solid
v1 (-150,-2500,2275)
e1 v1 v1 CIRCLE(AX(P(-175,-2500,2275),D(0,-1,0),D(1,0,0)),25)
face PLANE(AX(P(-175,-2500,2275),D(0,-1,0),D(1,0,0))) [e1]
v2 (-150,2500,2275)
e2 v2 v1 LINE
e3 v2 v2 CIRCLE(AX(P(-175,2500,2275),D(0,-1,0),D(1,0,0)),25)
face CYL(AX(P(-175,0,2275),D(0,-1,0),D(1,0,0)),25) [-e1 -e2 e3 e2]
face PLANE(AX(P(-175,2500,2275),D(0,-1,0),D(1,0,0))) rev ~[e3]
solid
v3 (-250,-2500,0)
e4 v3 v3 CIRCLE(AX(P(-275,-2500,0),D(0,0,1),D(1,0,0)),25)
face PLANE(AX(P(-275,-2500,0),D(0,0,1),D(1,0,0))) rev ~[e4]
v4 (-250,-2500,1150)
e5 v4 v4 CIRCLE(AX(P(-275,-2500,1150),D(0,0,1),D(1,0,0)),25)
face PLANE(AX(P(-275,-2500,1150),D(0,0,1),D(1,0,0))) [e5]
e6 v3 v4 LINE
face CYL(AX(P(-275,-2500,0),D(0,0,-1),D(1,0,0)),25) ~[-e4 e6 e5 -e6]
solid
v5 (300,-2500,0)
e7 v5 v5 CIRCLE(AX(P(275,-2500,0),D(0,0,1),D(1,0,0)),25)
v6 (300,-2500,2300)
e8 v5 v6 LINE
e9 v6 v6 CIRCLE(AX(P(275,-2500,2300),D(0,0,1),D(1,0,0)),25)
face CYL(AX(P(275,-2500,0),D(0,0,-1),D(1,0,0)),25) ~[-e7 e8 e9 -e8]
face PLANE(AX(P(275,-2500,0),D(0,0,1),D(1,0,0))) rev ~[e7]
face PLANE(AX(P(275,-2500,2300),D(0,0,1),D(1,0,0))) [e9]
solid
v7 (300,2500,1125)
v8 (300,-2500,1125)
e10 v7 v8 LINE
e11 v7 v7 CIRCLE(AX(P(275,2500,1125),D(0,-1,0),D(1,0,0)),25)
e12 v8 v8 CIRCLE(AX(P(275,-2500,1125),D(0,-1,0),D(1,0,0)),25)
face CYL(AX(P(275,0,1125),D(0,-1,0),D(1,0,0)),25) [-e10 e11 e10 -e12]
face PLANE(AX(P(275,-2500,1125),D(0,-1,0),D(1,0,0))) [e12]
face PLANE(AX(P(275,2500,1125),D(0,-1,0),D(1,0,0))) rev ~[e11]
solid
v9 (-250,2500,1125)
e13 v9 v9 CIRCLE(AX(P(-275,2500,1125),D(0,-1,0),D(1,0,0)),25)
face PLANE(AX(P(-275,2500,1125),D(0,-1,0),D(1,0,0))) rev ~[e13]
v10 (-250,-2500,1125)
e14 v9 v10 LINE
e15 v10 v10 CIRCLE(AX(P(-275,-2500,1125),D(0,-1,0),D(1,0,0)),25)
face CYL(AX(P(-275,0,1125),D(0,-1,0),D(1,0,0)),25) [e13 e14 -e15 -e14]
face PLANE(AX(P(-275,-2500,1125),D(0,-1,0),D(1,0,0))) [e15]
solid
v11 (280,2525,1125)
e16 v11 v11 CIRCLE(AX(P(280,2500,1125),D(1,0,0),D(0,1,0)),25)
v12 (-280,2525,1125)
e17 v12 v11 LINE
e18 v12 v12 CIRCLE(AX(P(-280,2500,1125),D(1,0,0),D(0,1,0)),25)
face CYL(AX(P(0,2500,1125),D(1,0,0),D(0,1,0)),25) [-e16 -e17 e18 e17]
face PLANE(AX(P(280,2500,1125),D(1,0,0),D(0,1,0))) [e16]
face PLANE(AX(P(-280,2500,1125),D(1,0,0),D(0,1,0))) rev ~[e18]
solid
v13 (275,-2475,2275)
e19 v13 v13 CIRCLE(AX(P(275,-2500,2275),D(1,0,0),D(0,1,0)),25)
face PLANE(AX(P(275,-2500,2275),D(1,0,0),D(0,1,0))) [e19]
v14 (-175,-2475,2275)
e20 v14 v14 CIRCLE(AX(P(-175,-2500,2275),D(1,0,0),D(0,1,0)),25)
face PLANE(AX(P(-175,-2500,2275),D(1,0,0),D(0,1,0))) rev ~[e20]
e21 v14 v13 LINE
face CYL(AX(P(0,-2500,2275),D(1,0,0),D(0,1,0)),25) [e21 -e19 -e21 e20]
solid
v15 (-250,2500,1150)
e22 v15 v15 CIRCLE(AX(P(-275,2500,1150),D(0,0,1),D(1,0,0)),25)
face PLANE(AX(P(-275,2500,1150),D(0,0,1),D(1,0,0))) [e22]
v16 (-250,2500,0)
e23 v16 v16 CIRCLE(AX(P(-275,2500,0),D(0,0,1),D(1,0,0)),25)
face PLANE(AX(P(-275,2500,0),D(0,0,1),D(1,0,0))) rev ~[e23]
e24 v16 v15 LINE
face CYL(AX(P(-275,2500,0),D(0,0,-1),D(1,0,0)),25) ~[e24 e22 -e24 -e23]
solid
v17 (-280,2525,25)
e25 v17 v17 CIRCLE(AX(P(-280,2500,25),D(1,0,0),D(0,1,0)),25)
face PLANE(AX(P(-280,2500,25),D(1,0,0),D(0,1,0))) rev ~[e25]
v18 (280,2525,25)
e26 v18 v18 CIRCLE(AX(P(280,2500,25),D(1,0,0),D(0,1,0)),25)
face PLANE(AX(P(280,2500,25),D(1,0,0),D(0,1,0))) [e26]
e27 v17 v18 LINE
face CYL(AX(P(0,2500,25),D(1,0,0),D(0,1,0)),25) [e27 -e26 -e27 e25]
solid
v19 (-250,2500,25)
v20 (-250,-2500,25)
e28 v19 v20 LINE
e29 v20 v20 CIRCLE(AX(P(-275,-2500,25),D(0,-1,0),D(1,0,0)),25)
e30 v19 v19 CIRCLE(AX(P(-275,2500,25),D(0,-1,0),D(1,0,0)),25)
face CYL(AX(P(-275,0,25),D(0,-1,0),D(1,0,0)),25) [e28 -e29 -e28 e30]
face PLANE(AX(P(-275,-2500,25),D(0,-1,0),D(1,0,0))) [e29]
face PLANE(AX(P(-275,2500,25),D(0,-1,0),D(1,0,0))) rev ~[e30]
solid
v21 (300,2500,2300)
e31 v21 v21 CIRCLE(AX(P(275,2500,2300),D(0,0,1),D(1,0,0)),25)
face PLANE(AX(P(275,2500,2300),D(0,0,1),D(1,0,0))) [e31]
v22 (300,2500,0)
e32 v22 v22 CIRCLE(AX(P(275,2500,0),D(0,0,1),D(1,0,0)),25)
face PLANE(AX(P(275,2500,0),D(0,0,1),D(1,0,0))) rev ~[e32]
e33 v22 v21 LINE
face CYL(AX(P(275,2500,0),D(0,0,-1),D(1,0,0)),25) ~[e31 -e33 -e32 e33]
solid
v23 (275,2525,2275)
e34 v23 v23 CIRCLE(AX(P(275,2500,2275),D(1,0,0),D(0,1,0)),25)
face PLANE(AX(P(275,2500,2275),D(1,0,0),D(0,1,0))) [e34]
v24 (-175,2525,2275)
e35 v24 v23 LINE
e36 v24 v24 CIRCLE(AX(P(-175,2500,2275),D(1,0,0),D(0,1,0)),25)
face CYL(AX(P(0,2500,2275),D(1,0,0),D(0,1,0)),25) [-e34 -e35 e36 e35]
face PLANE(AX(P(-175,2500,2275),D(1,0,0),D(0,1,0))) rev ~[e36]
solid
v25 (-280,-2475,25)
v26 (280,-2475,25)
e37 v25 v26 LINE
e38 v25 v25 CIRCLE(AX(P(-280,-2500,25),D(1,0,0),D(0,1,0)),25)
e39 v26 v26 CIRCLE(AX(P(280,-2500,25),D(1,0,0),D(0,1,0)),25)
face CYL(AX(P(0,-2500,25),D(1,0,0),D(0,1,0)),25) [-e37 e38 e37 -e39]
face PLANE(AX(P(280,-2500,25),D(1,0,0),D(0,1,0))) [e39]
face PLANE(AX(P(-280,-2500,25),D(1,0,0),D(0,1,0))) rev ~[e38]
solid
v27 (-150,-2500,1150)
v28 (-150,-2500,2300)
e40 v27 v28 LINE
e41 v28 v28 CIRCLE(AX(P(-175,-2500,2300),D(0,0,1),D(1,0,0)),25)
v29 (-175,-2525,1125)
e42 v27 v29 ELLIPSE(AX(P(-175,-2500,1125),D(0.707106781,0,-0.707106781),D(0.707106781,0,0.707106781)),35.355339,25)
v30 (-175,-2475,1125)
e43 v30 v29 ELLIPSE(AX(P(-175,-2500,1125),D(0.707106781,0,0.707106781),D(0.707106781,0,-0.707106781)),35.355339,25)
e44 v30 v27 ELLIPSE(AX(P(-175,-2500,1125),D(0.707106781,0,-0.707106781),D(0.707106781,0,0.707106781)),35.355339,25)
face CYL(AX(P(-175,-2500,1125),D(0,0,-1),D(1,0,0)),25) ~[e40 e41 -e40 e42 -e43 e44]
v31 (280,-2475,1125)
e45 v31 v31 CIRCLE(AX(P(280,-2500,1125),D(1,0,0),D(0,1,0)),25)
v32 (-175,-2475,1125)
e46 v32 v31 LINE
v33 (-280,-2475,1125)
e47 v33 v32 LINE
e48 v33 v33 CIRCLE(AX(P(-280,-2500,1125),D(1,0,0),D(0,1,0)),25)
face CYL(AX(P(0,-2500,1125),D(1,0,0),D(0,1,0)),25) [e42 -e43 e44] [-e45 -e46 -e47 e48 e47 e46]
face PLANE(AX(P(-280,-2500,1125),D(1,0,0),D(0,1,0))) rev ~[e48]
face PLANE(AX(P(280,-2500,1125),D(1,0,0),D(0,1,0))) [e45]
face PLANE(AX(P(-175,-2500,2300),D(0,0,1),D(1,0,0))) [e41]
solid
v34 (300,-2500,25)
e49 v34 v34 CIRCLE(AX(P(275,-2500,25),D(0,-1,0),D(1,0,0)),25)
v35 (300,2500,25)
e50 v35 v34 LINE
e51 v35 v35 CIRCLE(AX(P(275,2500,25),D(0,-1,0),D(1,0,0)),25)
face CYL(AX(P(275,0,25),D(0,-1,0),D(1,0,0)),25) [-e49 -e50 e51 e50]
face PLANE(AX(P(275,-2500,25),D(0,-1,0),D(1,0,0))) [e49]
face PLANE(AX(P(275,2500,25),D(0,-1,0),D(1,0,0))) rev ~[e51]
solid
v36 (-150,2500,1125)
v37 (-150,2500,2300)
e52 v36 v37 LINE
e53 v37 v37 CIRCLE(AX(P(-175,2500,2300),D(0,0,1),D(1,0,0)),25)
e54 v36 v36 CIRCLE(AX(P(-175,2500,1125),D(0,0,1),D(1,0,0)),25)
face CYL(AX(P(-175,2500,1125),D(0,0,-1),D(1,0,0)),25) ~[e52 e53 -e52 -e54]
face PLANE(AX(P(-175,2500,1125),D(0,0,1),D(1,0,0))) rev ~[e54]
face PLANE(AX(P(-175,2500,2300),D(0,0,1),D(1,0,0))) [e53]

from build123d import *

# Parameters (mm, degrees)
F1_R           = 25
F2_DEPTH       = 2300
F3_R           = 25
F4_DEPTH       = 1150
F5_R           = 25
F6_DEPTH       = 2500
F6_DEPTH_BACK  = 2500
F7_R           = 25
F8_DEPTH       = 280
F8_DEPTH_BACK  = 280
F10_R          = 25
F11_DEPTH      = 1175
F12_R          = 25
F13_DEPTH      = 275
F13_DEPTH_BACK = 175


with BuildPart() as f2:
    # F1 (on Top) → F2 (new body)
    with BuildSketch(Plane.XY):
        with Locations((275, 2500)):
            Circle(F1_R)
    extrude(amount=F2_DEPTH)


with BuildPart() as f2b:
    # F1 (on Top) → F2, piece 2 (new body)
    with BuildSketch(Plane.XY):
        with Locations((275, -2500)):
            Circle(F1_R)
    extrude(amount=F2_DEPTH)


with BuildPart() as f4:
    # F3 (on Top) → F4 (new body)
    with BuildSketch(Plane.XY):
        with Locations((-275, -2500)):
            Circle(F3_R)
    extrude(amount=F4_DEPTH)


with BuildPart() as f4b:
    # F3 (on Top) → F4, piece 2 (new body)
    with BuildSketch(Plane.XY):
        with Locations((-275, 2500)):
            Circle(F3_R)
    extrude(amount=F4_DEPTH)


with BuildPart() as f6:
    # F5 (on Front) → F6 (new body, two sides)
    with BuildSketch(Plane.XZ) as f6_sk:
        with Locations((275, 25)):
            Circle(F5_R)
    extrude(amount=F6_DEPTH)
    extrude(f6_sk.sketch, amount=-F6_DEPTH_BACK)


with BuildPart() as f6b:
    # F5 (on Front) → F6, piece 2 (new body, two sides)
    with BuildSketch(Plane.XZ) as f6_2_sk:
        with Locations((275, 1125)):
            Circle(F5_R)
    extrude(amount=F6_DEPTH)
    extrude(f6_2_sk.sketch, amount=-F6_DEPTH_BACK)


with BuildPart() as f6c:
    # F5 (on Front) → F6, piece 3 (new body, two sides)
    with BuildSketch(Plane.XZ) as f6_3_sk:
        with Locations((-275, 1125)):
            Circle(F5_R)
    extrude(amount=F6_DEPTH)
    extrude(f6_3_sk.sketch, amount=-F6_DEPTH_BACK)


with BuildPart() as f6d:
    # F5 (on Front) → F6, piece 4 (new body, two sides)
    with BuildSketch(Plane.XZ) as f6_4_sk:
        with Locations((-275, 25)):
            Circle(F5_R)
    extrude(amount=F6_DEPTH)
    extrude(f6_4_sk.sketch, amount=-F6_DEPTH_BACK)


with BuildPart() as f6e:
    # F5 (on Front) → F6, piece 5 (new body, two sides)
    with BuildSketch(Plane.XZ) as f6_5_sk:
        with Locations((-175, 2275)):
            Circle(F5_R)
    extrude(amount=F6_DEPTH)
    extrude(f6_5_sk.sketch, amount=-F6_DEPTH_BACK)


with BuildPart() as f8:
    # F7 (on face) → F8 (new body, two sides)
    with BuildSketch(Plane.YZ) as f8_sk:
        with Locations((2500, 25)):
            Circle(F7_R)
    extrude(amount=F8_DEPTH)
    extrude(f8_sk.sketch, amount=-F8_DEPTH_BACK)


with BuildPart() as f8b:
    # F7 (on face) → F8, piece 2 (new body, two sides)
    with BuildSketch(Plane.YZ) as f8_2_sk:
        with Locations((-2500, 25)):
            Circle(F7_R)
    extrude(amount=F8_DEPTH)
    extrude(f8_2_sk.sketch, amount=-F8_DEPTH_BACK)


with BuildPart() as f8c:
    # F7 (on face) → F8, piece 3 (new body, two sides)
    with BuildSketch(Plane.YZ) as f8_3_sk:
        with Locations((-2500, 1125)):
            Circle(F7_R)
    extrude(amount=F8_DEPTH)
    extrude(f8_3_sk.sketch, amount=-F8_DEPTH_BACK)

    # F10 (on offset) → F11 (join, through all)
    with BuildSketch(Plane.XY.offset(1125)):
        with Locations((-175, -2500)):
            Circle(F10_R)
        with Locations((-175, 2500)):
            Circle(F10_R)
    extrude(amount=F11_DEPTH)


with BuildPart() as f8d:
    # F7 (on face) → F8, piece 4 (new body, two sides)
    with BuildSketch(Plane.YZ) as f8_4_sk:
        with Locations((2500, 1125)):
            Circle(F7_R)
    extrude(amount=F8_DEPTH)
    extrude(f8_4_sk.sketch, amount=-F8_DEPTH_BACK)


with BuildPart() as f13:
    # F12 (on Right) → F13 (new body, two sides)
    with BuildSketch(Plane.YZ) as f13_sk:
        with Locations((-2500, 2275)):
            Circle(F12_R)
    extrude(amount=F13_DEPTH)
    extrude(f13_sk.sketch, amount=-F13_DEPTH_BACK)


with BuildPart() as f13b:
    # F12 (on Right) → F13, piece 2 (new body, two sides)
    with BuildSketch(Plane.YZ) as f13_2_sk:
        with Locations((2500, 2275)):
            Circle(F12_R)
    extrude(amount=F13_DEPTH)
    extrude(f13_2_sk.sketch, amount=-F13_DEPTH_BACK)


solid = Compound([f2.part, f2b.part, f4.part, f4b.part, f6.part, f6b.part, f6c.part, f6d.part, f6e.part, f8.part, f8b.part, f8c.part, f8d.part, f13.part, f13b.part])
